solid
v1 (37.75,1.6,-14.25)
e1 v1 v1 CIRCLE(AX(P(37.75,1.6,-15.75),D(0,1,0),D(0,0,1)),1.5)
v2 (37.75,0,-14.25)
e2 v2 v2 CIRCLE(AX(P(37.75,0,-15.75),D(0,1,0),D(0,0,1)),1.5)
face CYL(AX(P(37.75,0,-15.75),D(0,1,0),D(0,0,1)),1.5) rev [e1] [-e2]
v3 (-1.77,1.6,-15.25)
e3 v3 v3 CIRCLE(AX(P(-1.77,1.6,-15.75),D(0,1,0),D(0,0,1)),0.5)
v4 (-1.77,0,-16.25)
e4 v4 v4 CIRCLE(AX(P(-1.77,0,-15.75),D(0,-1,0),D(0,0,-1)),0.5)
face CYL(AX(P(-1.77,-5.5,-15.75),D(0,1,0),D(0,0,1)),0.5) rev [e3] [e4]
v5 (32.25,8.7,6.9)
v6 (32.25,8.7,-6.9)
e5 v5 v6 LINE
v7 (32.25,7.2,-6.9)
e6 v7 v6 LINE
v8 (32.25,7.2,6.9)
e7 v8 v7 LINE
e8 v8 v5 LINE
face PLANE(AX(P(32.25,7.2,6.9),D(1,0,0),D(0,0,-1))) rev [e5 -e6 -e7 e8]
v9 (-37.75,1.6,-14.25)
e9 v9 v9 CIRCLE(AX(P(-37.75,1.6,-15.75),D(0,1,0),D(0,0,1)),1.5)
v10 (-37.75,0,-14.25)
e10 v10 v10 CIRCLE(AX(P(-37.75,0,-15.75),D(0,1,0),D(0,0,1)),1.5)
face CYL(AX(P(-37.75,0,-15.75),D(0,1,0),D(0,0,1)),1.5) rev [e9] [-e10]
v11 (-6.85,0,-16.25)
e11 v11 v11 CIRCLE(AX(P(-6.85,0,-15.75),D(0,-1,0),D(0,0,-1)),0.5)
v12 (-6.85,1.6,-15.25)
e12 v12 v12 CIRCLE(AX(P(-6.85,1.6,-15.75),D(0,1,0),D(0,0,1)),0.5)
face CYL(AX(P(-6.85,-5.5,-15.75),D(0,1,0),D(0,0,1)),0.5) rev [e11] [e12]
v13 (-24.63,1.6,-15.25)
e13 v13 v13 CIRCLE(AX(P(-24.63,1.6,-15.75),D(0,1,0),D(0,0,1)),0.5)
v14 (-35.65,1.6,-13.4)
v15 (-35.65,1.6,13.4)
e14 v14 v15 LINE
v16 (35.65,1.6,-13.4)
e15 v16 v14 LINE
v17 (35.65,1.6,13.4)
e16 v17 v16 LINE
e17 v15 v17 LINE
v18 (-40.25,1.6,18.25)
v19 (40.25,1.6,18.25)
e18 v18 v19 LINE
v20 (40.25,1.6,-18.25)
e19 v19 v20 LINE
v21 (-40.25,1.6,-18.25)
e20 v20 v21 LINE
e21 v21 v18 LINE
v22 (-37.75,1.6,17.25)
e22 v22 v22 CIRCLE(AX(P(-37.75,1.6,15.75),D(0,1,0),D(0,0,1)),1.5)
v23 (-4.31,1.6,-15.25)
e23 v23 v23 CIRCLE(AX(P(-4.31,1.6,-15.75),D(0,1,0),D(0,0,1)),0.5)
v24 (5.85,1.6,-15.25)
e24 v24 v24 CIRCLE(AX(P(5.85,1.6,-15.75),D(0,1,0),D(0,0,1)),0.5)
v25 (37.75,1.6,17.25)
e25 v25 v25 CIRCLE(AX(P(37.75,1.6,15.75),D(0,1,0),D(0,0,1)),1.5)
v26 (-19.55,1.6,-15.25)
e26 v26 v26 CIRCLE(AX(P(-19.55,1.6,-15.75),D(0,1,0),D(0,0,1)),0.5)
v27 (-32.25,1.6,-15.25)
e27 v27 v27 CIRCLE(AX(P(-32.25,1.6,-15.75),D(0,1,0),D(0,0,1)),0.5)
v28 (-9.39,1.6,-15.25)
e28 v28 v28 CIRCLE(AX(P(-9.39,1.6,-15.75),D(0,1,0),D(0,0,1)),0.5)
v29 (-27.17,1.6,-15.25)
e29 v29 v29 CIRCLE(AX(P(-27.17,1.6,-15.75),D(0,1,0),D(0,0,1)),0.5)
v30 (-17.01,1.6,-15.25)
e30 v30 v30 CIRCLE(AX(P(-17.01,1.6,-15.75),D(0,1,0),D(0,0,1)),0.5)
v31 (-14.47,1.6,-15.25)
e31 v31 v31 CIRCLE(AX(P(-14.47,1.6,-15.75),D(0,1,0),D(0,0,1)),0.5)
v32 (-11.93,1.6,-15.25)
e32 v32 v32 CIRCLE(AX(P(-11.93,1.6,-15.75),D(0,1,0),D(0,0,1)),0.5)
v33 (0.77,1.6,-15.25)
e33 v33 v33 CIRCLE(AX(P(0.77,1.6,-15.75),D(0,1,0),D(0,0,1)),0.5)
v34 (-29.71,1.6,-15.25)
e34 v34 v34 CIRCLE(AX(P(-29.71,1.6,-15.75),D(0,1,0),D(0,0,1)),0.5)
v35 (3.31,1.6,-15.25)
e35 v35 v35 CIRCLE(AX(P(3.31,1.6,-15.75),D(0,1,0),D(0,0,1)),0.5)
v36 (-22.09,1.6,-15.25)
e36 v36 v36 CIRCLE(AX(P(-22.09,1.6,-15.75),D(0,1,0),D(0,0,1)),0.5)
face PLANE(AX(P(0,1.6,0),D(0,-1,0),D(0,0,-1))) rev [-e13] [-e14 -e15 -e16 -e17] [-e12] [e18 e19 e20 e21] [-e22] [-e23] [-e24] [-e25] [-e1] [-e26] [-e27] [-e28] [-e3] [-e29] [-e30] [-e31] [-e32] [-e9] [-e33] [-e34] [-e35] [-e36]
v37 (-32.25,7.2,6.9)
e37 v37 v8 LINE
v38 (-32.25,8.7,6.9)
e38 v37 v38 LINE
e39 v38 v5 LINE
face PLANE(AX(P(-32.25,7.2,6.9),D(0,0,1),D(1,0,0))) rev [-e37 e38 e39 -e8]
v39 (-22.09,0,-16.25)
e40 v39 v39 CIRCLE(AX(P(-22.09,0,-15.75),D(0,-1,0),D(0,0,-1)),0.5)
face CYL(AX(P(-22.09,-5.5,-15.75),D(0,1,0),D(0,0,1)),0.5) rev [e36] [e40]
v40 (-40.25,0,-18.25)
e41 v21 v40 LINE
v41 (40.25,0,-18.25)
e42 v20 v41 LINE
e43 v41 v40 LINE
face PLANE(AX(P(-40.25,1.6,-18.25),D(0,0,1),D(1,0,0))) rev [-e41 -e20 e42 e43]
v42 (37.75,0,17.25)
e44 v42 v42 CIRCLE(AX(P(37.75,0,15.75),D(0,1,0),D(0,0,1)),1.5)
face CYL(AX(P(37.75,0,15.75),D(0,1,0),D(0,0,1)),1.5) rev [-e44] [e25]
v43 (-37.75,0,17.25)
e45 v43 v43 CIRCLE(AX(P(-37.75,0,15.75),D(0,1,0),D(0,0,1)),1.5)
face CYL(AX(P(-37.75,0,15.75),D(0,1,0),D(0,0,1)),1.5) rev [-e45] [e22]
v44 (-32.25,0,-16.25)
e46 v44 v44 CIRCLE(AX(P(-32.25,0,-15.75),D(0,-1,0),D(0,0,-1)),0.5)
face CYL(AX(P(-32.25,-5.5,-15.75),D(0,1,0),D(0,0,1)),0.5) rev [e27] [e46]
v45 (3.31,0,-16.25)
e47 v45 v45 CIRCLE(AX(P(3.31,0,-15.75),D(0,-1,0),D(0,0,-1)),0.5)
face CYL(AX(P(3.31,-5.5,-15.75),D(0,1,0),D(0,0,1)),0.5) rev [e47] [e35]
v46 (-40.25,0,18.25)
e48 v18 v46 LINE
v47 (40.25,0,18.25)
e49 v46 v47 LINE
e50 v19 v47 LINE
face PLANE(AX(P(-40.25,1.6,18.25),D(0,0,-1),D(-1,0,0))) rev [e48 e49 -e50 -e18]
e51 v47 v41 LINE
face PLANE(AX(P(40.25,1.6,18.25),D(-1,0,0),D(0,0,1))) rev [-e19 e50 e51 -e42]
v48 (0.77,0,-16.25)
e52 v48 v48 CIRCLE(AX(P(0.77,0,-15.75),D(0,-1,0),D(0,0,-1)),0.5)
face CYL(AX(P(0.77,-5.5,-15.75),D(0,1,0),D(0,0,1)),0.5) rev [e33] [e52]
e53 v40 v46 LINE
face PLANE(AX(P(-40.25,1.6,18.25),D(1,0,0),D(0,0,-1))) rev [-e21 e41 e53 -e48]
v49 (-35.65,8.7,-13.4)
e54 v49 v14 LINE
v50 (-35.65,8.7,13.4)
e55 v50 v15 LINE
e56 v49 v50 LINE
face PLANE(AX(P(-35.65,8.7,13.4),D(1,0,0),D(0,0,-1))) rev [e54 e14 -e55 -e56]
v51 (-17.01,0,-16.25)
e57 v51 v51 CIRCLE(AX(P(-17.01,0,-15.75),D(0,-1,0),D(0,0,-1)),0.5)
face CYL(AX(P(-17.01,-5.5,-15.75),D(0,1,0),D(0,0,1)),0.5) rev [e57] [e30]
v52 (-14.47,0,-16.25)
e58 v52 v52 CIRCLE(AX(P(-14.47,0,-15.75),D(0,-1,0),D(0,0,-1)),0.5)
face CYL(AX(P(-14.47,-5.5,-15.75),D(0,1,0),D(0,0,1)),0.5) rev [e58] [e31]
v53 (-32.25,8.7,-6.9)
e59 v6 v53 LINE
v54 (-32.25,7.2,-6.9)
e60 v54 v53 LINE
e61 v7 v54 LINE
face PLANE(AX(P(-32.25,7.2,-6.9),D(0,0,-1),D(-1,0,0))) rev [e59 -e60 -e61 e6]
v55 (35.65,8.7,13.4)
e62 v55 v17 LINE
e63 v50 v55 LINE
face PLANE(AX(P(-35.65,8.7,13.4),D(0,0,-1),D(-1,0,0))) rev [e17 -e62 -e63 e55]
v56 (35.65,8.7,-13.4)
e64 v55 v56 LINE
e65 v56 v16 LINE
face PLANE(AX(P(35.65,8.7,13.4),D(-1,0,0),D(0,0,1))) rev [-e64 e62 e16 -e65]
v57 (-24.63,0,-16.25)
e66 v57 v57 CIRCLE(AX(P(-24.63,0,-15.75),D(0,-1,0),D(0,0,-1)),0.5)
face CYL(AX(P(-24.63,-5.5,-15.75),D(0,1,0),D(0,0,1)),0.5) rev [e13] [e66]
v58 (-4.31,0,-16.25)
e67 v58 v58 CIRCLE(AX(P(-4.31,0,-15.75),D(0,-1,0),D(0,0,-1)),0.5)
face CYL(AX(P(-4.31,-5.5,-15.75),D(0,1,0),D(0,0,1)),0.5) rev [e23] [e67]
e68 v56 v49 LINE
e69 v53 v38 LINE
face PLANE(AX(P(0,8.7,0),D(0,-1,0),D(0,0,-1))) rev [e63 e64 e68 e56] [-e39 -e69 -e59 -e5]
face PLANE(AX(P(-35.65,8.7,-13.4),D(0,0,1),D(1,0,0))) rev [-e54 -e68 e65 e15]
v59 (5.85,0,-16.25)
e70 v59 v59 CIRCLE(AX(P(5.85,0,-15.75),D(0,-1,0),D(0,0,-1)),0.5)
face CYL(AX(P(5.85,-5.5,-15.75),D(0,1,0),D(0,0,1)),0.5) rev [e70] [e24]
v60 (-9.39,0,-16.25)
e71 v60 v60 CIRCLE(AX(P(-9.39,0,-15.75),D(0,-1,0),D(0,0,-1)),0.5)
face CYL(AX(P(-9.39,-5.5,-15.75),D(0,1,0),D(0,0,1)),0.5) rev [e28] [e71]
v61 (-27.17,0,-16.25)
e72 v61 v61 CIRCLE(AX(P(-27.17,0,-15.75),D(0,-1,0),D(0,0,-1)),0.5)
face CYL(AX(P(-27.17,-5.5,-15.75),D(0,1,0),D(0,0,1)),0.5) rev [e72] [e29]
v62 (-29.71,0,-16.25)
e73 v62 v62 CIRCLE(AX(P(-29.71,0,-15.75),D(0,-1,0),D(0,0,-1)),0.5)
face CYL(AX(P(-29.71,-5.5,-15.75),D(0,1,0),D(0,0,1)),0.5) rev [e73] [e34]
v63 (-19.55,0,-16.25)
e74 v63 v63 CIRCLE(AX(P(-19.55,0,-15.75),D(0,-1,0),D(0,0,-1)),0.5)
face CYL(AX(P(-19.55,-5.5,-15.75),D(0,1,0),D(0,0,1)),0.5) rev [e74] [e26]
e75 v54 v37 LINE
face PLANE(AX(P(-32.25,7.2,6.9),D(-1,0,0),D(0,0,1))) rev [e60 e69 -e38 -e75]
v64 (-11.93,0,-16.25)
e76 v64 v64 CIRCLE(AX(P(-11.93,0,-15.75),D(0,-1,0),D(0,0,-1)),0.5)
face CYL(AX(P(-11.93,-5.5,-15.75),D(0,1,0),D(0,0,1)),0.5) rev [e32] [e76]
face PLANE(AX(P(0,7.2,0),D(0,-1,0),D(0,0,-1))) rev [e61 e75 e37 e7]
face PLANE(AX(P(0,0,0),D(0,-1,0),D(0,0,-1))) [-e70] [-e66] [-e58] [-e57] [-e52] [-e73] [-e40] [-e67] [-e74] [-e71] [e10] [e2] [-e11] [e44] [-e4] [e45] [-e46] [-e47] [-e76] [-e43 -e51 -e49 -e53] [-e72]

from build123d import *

# Parameters (mm, degrees)
SKETCH1_W           = 80.5
SKETCH1_H           = 36.5
BOSS_EXTRUDE1_DEPTH = 1.6
SKETCH2_R           = 1.5
CUT_EXTRUDE1_DEPTH  = 1.6
SKETCH3_W           = 71.3
SKETCH3_H           = 26.799999994
BOSS_EXTRUDE2_DEPTH = 7.1
SKETCH4_R           = 0.5
CUT_EXTRUDE2_DEPTH  = 7.1
SKETCH5_W           = 64.5
SKETCH5_H           = 13.8
CUT_EXTRUDE3_DEPTH  = 1.5


with BuildPart() as part:
    # Sketch1 → Boss-Extrude1 (new body)
    with BuildSketch(Plane(origin=(0, 0, 0), x_dir=(1, 0, 0), z_dir=(0, 1, 0))):
        Rectangle(SKETCH1_W, SKETCH1_H)
    extrude(amount=BOSS_EXTRUDE1_DEPTH)

    # Sketch2 → Cut-Extrude1 (cut)
    with BuildSketch(Plane(origin=(0, 1.6, 0), x_dir=(1, 0, 0), z_dir=(0, 1, 0))):
        with Locations(Location((-37.75, 15.75, 0), (0, 0, 270))):
            Circle(SKETCH2_R)
        with Locations(Location((-37.75, -15.75, 0), (0, 0, 270))):
            Circle(SKETCH2_R)
        with Locations(Location((37.75, 15.75, 0), (0, 0, 270))):
            Circle(SKETCH2_R)
        with Locations(Location((37.75, -15.75, 0), (0, 0, 270))):
            Circle(SKETCH2_R)
    extrude(amount=-CUT_EXTRUDE1_DEPTH, mode=Mode.SUBTRACT)

    # Sketch3 → Boss-Extrude2 (add)
    with BuildSketch(Plane(origin=(0, 1.6, 0), x_dir=(1, 0, 0), z_dir=(0, 1, 0))):
        Rectangle(SKETCH3_W, SKETCH3_H)
    extrude(amount=BOSS_EXTRUDE2_DEPTH)

    # Sketch4 → Cut-Extrude2 (cut)
    with BuildSketch(Plane(origin=(0, 1.6, 0), x_dir=(1, 0, 0), z_dir=(0, 1, 0))):
        with Locations(Location((-32.25, 15.75, 0), (0, 0, 270))):
            Circle(SKETCH4_R)
        with Locations(Location((-29.71, 15.75, 0), (0, 0, 270))):
            Circle(SKETCH4_R)
        with Locations(Location((-27.17, 15.75, 0), (0, 0, 270))):
            Circle(SKETCH4_R)
        with Locations(Location((-24.63, 15.75, 0), (0, 0, 270))):
            Circle(SKETCH4_R)
        with Locations(Location((-22.09, 15.75, 0), (0, 0, 270))):
            Circle(SKETCH4_R)
        with Locations(Location((-19.55, 15.75, 0), (0, 0, 270))):
            Circle(SKETCH4_R)
        with Locations(Location((-17.01, 15.75, 0), (0, 0, 270))):
            Circle(SKETCH4_R)
        with Locations(Location((-14.47, 15.75, 0), (0, 0, 270))):
            Circle(SKETCH4_R)
        with Locations(Location((-11.93, 15.75, 0), (0, 0, 270))):
            Circle(SKETCH4_R)
        with Locations(Location((-9.39, 15.75, 0), (0, 0, 270))):
            Circle(SKETCH4_R)
        with Locations(Location((-6.85, 15.75, 0), (0, 0, 270))):
            Circle(SKETCH4_R)
        with Locations(Location((-4.31, 15.75, 0), (0, 0, 270))):
            Circle(SKETCH4_R)
        with Locations(Location((-1.77, 15.75, 0), (0, 0, 270))):
            Circle(SKETCH4_R)
        with Locations(Location((0.77, 15.75, 0), (0, 0, 270))):
            Circle(SKETCH4_R)
        with Locations(Location((3.31, 15.75, 0), (0, 0, 270))):
            Circle(SKETCH4_R)
        with Locations(Location((5.85, 15.75, 0), (0, 0, 270))):
            Circle(SKETCH4_R)
    extrude(amount=-CUT_EXTRUDE2_DEPTH, mode=Mode.SUBTRACT)

    # Sketch5 → Cut-Extrude3 (cut)
    with BuildSketch(Plane(origin=(0, 8.7, 0), x_dir=(1, 0, 0), z_dir=(0, 1, 0))):
        Rectangle(SKETCH5_W, SKETCH5_H)
    extrude(amount=-CUT_EXTRUDE3_DEPTH, mode=Mode.SUBTRACT)


solid = part.part
